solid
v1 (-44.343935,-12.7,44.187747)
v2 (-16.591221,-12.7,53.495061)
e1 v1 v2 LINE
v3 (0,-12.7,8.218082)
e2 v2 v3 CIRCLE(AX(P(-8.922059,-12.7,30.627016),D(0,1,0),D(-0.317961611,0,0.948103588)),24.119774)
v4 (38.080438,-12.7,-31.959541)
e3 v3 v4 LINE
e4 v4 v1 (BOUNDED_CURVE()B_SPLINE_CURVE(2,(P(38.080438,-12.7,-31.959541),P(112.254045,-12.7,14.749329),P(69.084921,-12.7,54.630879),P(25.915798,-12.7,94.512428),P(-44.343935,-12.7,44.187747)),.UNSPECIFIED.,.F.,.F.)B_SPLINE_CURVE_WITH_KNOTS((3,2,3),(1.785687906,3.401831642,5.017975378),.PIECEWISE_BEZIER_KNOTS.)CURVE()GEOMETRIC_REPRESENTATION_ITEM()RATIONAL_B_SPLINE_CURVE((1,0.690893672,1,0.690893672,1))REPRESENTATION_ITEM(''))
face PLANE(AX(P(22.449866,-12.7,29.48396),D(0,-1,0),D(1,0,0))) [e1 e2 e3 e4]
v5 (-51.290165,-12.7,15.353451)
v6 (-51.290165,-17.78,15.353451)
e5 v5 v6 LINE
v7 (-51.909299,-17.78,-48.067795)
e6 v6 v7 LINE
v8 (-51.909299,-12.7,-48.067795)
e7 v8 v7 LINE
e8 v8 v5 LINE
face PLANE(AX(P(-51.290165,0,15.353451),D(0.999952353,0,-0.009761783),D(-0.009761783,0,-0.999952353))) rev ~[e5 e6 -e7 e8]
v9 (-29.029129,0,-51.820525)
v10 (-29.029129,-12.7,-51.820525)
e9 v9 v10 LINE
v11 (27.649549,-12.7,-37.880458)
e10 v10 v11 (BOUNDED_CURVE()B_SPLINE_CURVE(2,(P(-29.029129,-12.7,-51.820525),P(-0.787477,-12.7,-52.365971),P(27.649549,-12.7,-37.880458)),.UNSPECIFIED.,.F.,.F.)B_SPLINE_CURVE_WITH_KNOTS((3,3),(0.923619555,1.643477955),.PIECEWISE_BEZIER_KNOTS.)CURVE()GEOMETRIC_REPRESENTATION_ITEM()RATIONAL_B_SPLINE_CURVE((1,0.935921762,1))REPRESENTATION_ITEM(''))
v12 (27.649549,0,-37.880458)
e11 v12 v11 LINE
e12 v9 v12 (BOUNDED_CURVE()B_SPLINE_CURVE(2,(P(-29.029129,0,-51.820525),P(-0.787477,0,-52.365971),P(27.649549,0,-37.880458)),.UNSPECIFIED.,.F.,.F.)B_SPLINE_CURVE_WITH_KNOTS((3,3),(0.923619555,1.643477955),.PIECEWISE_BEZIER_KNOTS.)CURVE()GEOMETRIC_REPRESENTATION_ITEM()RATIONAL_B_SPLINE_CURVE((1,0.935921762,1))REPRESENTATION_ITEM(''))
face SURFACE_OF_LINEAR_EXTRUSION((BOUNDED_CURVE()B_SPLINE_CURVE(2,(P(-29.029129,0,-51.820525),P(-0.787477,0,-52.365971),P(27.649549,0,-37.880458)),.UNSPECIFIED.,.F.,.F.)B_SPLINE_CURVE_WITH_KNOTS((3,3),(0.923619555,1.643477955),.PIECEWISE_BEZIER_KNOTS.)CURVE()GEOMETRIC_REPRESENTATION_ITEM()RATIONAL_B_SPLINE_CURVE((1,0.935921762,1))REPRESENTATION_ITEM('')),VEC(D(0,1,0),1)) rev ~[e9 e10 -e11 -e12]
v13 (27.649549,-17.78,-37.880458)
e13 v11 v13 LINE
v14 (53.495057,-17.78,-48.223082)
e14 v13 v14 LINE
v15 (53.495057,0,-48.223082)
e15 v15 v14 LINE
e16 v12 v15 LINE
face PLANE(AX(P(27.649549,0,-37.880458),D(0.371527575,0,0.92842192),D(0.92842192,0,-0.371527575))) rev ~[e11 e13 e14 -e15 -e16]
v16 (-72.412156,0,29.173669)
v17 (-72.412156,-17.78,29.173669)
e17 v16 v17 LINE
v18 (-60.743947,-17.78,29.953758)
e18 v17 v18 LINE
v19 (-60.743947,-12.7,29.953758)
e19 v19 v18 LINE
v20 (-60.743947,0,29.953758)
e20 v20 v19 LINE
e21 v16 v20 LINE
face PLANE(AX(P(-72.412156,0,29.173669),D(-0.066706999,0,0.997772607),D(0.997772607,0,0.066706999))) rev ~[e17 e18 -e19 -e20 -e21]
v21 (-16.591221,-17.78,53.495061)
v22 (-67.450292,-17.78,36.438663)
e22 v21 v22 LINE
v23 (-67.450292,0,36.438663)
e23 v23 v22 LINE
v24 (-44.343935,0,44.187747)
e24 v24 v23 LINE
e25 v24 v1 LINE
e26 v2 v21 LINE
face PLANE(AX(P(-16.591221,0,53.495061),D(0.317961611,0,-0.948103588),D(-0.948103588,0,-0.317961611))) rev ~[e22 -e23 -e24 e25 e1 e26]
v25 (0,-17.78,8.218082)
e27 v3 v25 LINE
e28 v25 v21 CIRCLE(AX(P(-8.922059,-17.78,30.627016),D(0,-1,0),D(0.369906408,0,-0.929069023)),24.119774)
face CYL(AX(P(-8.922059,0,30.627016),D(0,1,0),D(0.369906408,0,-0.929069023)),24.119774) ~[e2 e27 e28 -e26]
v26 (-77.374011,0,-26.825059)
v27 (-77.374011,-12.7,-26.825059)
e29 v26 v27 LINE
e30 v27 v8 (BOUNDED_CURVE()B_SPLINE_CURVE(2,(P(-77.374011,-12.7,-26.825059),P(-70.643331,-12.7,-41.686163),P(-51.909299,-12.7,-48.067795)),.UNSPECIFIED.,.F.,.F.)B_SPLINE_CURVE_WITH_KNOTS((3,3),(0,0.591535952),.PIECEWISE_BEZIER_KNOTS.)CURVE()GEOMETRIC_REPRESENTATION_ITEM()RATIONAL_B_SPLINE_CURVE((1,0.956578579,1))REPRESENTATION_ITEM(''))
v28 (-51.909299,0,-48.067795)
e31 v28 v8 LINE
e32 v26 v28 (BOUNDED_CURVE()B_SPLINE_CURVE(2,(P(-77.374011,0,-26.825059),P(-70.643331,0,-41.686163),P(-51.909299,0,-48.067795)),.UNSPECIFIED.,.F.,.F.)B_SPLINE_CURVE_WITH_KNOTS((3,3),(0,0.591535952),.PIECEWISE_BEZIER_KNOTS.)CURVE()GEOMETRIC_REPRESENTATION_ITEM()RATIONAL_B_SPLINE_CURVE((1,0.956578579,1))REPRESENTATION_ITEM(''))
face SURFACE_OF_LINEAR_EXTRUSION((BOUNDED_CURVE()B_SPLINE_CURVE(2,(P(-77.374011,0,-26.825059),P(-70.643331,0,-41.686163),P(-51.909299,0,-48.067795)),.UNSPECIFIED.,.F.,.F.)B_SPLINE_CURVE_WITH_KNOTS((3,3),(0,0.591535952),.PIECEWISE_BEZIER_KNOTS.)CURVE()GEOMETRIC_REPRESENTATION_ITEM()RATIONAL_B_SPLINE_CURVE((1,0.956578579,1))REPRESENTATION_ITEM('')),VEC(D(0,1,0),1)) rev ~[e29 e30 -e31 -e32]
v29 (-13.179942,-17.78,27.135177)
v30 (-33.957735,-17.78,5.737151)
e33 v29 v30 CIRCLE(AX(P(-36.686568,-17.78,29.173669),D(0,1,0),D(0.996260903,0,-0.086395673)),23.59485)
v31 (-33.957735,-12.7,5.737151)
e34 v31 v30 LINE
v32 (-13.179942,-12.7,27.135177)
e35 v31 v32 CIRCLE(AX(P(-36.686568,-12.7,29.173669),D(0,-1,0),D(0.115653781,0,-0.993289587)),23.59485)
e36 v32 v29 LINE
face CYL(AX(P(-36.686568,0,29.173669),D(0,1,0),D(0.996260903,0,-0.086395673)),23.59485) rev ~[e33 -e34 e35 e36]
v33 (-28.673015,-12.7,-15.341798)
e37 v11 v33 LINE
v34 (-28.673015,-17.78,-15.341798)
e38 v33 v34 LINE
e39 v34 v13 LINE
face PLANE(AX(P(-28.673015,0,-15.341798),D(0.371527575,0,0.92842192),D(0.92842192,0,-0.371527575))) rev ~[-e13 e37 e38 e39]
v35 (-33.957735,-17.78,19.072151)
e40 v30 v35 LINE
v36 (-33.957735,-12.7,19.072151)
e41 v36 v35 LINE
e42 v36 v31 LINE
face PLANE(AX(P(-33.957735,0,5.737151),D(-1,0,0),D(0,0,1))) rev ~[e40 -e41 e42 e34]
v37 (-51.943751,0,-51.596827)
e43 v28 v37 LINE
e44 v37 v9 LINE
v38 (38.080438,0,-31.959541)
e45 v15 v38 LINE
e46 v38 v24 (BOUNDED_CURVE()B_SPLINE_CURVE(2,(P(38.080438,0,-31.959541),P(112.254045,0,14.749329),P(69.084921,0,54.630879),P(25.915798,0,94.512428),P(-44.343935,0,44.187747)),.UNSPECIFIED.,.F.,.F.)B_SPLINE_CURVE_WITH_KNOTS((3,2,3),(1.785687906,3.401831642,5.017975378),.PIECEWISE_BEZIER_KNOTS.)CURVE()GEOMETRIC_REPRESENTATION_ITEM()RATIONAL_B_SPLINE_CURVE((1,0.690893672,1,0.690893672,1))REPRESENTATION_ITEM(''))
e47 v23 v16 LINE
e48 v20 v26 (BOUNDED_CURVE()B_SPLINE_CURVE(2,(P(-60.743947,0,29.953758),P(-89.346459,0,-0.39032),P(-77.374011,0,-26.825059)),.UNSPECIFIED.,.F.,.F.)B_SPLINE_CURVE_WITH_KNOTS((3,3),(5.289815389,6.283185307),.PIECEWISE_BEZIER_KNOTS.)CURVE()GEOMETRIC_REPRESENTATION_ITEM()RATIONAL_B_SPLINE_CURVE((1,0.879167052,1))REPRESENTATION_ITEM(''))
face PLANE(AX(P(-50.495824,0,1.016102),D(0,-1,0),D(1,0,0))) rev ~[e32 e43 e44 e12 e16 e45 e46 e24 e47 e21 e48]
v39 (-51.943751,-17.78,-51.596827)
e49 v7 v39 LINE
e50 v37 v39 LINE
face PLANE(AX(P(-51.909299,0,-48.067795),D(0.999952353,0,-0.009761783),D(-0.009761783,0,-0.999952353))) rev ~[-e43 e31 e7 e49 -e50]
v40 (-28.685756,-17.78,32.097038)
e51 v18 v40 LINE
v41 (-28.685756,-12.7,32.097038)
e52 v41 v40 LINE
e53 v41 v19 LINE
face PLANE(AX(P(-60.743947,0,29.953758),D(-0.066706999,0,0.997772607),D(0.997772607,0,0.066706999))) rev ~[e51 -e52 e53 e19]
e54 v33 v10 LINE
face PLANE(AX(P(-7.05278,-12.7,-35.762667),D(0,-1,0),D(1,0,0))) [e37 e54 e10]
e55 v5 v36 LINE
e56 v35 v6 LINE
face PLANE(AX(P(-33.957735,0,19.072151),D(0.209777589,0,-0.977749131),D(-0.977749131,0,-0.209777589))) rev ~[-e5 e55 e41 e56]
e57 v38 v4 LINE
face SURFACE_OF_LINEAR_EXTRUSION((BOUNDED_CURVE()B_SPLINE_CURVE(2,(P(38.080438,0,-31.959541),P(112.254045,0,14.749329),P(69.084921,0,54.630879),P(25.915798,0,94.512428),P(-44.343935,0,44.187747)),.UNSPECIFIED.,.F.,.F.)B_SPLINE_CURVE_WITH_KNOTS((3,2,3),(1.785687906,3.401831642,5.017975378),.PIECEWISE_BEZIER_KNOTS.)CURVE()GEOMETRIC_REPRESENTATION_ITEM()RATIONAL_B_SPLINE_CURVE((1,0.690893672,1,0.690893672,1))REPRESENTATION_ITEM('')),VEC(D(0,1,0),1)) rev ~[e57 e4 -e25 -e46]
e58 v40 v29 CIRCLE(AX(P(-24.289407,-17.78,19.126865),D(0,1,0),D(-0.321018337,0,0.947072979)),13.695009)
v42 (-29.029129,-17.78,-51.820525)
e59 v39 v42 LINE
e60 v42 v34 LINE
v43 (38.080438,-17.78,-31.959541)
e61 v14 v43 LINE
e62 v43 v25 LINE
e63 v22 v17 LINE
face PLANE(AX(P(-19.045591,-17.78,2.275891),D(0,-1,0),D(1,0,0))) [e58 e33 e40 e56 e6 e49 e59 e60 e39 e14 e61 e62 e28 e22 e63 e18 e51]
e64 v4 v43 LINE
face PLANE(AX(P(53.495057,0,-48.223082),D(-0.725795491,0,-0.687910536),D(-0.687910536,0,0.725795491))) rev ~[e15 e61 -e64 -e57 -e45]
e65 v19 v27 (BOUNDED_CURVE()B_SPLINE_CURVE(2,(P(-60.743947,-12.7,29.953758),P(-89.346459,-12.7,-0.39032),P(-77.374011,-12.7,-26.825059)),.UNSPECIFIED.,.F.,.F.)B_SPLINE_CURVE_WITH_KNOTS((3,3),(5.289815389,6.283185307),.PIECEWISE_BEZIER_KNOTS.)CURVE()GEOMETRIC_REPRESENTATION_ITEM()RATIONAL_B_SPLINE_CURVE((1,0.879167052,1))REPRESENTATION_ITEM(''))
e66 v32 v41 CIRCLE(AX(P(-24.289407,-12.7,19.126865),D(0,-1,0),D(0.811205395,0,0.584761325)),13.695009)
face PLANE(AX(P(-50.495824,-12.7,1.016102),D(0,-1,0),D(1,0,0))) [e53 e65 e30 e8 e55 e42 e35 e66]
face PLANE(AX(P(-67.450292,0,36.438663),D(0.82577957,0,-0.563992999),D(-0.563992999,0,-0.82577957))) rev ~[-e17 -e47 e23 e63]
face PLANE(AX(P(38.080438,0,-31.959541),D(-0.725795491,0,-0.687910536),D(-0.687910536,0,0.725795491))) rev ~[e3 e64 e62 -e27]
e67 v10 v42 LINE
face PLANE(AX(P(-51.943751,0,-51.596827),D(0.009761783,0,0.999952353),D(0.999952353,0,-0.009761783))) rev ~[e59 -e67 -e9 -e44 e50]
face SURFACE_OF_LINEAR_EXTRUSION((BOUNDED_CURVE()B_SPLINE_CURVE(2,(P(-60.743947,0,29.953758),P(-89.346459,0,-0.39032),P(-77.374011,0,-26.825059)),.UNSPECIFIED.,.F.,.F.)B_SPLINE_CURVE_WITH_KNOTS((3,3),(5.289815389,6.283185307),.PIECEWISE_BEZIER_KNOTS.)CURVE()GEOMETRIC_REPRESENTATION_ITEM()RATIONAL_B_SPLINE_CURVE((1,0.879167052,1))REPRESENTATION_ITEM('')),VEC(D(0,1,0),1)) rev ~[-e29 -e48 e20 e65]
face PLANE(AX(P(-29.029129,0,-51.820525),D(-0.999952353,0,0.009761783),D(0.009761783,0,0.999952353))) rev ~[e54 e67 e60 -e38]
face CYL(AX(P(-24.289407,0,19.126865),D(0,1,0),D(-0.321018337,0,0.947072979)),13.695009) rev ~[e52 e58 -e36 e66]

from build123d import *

# Parameters (mm, degrees)
F1_DEPTH = 17.78
F2_DEPTH = 12.7


with BuildPart() as f1:
    # F0 (on Front) → F1 (new body)
    with BuildSketch(Plane.XZ):
        with BuildLine():
            Line((-51.2901654862, 15.3534509714), (-51.9092994403, -48.0677951135))
            add(Edge.make_bspline(
                [(-51.9092994403, -48.0677951135), (-41.6057778166, -51.5776260761), (-29.0291292521, -51.8205253444)],
                knots=[0.5915359524, 0.5915359524, 0.5915359524, 0.9236195546, 0.9236195546, 0.9236195546], degree=2, weights=[1, 0.9862467018, 1]))
            Line((-29.0291292521, -51.8205253444), (-28.6730148599, -15.3417983256))
            Line((-28.6730148599, -15.3417983256), (27.6495488689, -37.8804578513))
            add(Edge.make_bspline(
                [(27.6495488689, -37.8804578513), (33.0317177029, -35.138839342), (38.080437783, -31.9595411631)],
                knots=[1.6434779546, 1.6434779546, 1.6434779546, 1.7856879064, 1.7856879064, 1.7856879064], degree=2, weights=[1, 0.9974731061, 1]))
            Line((38.080437783, -31.9595411631), (0, 8.218081668))
            ThreePointArc((0, 8.218081668), (13.7250963904, 38.9258024925), (-16.5912210941, 53.4950606525))
            Line((-16.5912210941, 53.4950606525), (-44.3439349242, 44.1877468728))
            add(Edge.make_bspline(
                [(-44.3439349242, 44.1877468728), (-53.5267323563, 37.6104182577), (-60.7439466231, 29.953758261)],
                knots=[5.017975378, 5.017975378, 5.017975378, 5.2898153889, 5.2898153889, 5.2898153889], degree=2, weights=[1, 0.990777088, 1]))
            Line((-60.7439466231, 29.953758261), (-28.6857560277, 32.0970378816))
            ThreePointArc((-28.6857560277, 32.0970378816), (-20.1155001777, 32.1703219773), (-13.1799420342, 27.1351765841))
            ThreePointArc((-13.1799420342, 27.1351765841), (-19.7589661895, 12.7367227479), (-33.957734704, 5.7371510193))
            Line((-33.957734704, 5.7371510193), (-33.957734704, 19.0721508116))
            Line((-33.957734704, 19.0721508116), (-51.2901654862, 15.3534509714))
        make_face()
        with BuildLine():
            Line((-72.4121555686, 29.1736694918), (-60.7439466231, 29.953758261))
            add(Edge.make_bspline(
                [(-44.3439349242, 44.1877468728), (-53.5267323563, 37.6104182577), (-60.7439466231, 29.953758261)],
                knots=[5.017975378, 5.017975378, 5.017975378, 5.2898153889, 5.2898153889, 5.2898153889], degree=2, weights=[1, 0.990777088, 1]))
            Line((-44.3439349242, 44.1877468728), (-67.4502924085, 36.4386625588))
            Line((-67.4502924085, 36.4386625588), (-72.4121555686, 29.1736694918))
        make_face()
        with BuildLine():
            add(Edge.make_bspline(
                [(27.6495488689, -37.8804578513), (33.0317177029, -35.138839342), (38.080437783, -31.9595411631)],
                knots=[1.6434779546, 1.6434779546, 1.6434779546, 1.7856879064, 1.7856879064, 1.7856879064], degree=2, weights=[1, 0.9974731061, 1]))
            Line((27.6495488689, -37.8804578513), (53.4950569272, -48.2230819762))
            Line((53.4950569272, -48.2230819762), (38.080437783, -31.9595411631))
        make_face()
        with BuildLine():
            add(Edge.make_bspline(
                [(-51.9092994403, -48.0677951135), (-41.6057778166, -51.5776260761), (-29.0291292521, -51.8205253444)],
                knots=[0.5915359524, 0.5915359524, 0.5915359524, 0.9236195546, 0.9236195546, 0.9236195546], degree=2, weights=[1, 0.9862467018, 1]))
            Line((-51.9092994403, -48.0677951135), (-51.9437507272, -51.596827119))
            Line((-51.9437507272, -51.596827119), (-29.0291292521, -51.8205253444))
        make_face()
    extrude(amount=F1_DEPTH)

    # F0 (on Front) → F2 (join)
    with BuildSketch(Plane.XZ):
        with BuildLine():
            add(Edge.make_bspline(
                [(-60.7439466231, 29.953758261), (-89.3464589617, -0.3903196527), (-77.3740112782, -26.8250592053)],
                knots=[5.2898153889, 5.2898153889, 5.2898153889, 6.2831853072, 6.2831853072, 6.2831853072], degree=2, weights=[1, 0.8791670521, 1]))
            add(Edge.make_bspline(
                [(-77.3740112782, -26.8250592053), (-70.6433306393, -41.6861631668), (-51.9092994403, -48.0677951135)],
                knots=[0, 0, 0, 0.5915359524, 0.5915359524, 0.5915359524], degree=2, weights=[1, 0.9565785789, 1]))
            Line((-51.9092994403, -48.0677951135), (-51.2901654862, 15.3534509714))
            Line((-51.2901654862, 15.3534509714), (-33.957734704, 19.0721508116))
            Line((-33.957734704, 19.0721508116), (-33.957734704, 5.7371510193))
            ThreePointArc((-33.957734704, 5.7371510193), (-19.7589661895, 12.7367227479), (-13.1799420342, 27.1351765841))
            ThreePointArc((-13.1799420342, 27.1351765841), (-20.1155001777, 32.1703219773), (-28.6857560277, 32.0970378816))
            Line((-28.6857560277, 32.0970378816), (-60.7439466231, 29.953758261))
        make_face()
        with BuildLine():
            Line((-28.6730148599, -15.3417983256), (-29.0291292521, -51.8205253444))
            add(Edge.make_bspline(
                [(-29.0291292521, -51.8205253444), (-0.7874770817, -52.3659708668), (27.6495488689, -37.8804578513)],
                knots=[0.9236195546, 0.9236195546, 0.9236195546, 1.6434779546, 1.6434779546, 1.6434779546], degree=2, weights=[1, 0.9359217623, 1]))
            Line((27.6495488689, -37.8804578513), (-28.6730148599, -15.3417983256))
        make_face()
        with BuildLine():
            add(Edge.make_bspline(
                [(38.080437783, -31.9595411631), (112.2540445937, 14.7493294642), (69.0849212114, 54.6308786285), (25.9157978291, 94.5124277927), (-44.3439349242, 44.1877468728)],
                knots=[1.7856879064, 1.7856879064, 1.7856879064, 3.4018316422, 3.4018316422, 5.017975378, 5.017975378, 5.017975378], degree=2, weights=[1, 0.6908936718, 1, 0.6908936718, 1]))
            Line((-44.3439349242, 44.1877468728), (-16.5912210941, 53.4950606525))
            ThreePointArc((-16.5912210941, 53.4950606525), (13.7250963904, 38.9258024925), (0, 8.218081668))
            Line((0, 8.218081668), (38.080437783, -31.9595411631))
        make_face()
    extrude(amount=F2_DEPTH)


solid = f1.part
